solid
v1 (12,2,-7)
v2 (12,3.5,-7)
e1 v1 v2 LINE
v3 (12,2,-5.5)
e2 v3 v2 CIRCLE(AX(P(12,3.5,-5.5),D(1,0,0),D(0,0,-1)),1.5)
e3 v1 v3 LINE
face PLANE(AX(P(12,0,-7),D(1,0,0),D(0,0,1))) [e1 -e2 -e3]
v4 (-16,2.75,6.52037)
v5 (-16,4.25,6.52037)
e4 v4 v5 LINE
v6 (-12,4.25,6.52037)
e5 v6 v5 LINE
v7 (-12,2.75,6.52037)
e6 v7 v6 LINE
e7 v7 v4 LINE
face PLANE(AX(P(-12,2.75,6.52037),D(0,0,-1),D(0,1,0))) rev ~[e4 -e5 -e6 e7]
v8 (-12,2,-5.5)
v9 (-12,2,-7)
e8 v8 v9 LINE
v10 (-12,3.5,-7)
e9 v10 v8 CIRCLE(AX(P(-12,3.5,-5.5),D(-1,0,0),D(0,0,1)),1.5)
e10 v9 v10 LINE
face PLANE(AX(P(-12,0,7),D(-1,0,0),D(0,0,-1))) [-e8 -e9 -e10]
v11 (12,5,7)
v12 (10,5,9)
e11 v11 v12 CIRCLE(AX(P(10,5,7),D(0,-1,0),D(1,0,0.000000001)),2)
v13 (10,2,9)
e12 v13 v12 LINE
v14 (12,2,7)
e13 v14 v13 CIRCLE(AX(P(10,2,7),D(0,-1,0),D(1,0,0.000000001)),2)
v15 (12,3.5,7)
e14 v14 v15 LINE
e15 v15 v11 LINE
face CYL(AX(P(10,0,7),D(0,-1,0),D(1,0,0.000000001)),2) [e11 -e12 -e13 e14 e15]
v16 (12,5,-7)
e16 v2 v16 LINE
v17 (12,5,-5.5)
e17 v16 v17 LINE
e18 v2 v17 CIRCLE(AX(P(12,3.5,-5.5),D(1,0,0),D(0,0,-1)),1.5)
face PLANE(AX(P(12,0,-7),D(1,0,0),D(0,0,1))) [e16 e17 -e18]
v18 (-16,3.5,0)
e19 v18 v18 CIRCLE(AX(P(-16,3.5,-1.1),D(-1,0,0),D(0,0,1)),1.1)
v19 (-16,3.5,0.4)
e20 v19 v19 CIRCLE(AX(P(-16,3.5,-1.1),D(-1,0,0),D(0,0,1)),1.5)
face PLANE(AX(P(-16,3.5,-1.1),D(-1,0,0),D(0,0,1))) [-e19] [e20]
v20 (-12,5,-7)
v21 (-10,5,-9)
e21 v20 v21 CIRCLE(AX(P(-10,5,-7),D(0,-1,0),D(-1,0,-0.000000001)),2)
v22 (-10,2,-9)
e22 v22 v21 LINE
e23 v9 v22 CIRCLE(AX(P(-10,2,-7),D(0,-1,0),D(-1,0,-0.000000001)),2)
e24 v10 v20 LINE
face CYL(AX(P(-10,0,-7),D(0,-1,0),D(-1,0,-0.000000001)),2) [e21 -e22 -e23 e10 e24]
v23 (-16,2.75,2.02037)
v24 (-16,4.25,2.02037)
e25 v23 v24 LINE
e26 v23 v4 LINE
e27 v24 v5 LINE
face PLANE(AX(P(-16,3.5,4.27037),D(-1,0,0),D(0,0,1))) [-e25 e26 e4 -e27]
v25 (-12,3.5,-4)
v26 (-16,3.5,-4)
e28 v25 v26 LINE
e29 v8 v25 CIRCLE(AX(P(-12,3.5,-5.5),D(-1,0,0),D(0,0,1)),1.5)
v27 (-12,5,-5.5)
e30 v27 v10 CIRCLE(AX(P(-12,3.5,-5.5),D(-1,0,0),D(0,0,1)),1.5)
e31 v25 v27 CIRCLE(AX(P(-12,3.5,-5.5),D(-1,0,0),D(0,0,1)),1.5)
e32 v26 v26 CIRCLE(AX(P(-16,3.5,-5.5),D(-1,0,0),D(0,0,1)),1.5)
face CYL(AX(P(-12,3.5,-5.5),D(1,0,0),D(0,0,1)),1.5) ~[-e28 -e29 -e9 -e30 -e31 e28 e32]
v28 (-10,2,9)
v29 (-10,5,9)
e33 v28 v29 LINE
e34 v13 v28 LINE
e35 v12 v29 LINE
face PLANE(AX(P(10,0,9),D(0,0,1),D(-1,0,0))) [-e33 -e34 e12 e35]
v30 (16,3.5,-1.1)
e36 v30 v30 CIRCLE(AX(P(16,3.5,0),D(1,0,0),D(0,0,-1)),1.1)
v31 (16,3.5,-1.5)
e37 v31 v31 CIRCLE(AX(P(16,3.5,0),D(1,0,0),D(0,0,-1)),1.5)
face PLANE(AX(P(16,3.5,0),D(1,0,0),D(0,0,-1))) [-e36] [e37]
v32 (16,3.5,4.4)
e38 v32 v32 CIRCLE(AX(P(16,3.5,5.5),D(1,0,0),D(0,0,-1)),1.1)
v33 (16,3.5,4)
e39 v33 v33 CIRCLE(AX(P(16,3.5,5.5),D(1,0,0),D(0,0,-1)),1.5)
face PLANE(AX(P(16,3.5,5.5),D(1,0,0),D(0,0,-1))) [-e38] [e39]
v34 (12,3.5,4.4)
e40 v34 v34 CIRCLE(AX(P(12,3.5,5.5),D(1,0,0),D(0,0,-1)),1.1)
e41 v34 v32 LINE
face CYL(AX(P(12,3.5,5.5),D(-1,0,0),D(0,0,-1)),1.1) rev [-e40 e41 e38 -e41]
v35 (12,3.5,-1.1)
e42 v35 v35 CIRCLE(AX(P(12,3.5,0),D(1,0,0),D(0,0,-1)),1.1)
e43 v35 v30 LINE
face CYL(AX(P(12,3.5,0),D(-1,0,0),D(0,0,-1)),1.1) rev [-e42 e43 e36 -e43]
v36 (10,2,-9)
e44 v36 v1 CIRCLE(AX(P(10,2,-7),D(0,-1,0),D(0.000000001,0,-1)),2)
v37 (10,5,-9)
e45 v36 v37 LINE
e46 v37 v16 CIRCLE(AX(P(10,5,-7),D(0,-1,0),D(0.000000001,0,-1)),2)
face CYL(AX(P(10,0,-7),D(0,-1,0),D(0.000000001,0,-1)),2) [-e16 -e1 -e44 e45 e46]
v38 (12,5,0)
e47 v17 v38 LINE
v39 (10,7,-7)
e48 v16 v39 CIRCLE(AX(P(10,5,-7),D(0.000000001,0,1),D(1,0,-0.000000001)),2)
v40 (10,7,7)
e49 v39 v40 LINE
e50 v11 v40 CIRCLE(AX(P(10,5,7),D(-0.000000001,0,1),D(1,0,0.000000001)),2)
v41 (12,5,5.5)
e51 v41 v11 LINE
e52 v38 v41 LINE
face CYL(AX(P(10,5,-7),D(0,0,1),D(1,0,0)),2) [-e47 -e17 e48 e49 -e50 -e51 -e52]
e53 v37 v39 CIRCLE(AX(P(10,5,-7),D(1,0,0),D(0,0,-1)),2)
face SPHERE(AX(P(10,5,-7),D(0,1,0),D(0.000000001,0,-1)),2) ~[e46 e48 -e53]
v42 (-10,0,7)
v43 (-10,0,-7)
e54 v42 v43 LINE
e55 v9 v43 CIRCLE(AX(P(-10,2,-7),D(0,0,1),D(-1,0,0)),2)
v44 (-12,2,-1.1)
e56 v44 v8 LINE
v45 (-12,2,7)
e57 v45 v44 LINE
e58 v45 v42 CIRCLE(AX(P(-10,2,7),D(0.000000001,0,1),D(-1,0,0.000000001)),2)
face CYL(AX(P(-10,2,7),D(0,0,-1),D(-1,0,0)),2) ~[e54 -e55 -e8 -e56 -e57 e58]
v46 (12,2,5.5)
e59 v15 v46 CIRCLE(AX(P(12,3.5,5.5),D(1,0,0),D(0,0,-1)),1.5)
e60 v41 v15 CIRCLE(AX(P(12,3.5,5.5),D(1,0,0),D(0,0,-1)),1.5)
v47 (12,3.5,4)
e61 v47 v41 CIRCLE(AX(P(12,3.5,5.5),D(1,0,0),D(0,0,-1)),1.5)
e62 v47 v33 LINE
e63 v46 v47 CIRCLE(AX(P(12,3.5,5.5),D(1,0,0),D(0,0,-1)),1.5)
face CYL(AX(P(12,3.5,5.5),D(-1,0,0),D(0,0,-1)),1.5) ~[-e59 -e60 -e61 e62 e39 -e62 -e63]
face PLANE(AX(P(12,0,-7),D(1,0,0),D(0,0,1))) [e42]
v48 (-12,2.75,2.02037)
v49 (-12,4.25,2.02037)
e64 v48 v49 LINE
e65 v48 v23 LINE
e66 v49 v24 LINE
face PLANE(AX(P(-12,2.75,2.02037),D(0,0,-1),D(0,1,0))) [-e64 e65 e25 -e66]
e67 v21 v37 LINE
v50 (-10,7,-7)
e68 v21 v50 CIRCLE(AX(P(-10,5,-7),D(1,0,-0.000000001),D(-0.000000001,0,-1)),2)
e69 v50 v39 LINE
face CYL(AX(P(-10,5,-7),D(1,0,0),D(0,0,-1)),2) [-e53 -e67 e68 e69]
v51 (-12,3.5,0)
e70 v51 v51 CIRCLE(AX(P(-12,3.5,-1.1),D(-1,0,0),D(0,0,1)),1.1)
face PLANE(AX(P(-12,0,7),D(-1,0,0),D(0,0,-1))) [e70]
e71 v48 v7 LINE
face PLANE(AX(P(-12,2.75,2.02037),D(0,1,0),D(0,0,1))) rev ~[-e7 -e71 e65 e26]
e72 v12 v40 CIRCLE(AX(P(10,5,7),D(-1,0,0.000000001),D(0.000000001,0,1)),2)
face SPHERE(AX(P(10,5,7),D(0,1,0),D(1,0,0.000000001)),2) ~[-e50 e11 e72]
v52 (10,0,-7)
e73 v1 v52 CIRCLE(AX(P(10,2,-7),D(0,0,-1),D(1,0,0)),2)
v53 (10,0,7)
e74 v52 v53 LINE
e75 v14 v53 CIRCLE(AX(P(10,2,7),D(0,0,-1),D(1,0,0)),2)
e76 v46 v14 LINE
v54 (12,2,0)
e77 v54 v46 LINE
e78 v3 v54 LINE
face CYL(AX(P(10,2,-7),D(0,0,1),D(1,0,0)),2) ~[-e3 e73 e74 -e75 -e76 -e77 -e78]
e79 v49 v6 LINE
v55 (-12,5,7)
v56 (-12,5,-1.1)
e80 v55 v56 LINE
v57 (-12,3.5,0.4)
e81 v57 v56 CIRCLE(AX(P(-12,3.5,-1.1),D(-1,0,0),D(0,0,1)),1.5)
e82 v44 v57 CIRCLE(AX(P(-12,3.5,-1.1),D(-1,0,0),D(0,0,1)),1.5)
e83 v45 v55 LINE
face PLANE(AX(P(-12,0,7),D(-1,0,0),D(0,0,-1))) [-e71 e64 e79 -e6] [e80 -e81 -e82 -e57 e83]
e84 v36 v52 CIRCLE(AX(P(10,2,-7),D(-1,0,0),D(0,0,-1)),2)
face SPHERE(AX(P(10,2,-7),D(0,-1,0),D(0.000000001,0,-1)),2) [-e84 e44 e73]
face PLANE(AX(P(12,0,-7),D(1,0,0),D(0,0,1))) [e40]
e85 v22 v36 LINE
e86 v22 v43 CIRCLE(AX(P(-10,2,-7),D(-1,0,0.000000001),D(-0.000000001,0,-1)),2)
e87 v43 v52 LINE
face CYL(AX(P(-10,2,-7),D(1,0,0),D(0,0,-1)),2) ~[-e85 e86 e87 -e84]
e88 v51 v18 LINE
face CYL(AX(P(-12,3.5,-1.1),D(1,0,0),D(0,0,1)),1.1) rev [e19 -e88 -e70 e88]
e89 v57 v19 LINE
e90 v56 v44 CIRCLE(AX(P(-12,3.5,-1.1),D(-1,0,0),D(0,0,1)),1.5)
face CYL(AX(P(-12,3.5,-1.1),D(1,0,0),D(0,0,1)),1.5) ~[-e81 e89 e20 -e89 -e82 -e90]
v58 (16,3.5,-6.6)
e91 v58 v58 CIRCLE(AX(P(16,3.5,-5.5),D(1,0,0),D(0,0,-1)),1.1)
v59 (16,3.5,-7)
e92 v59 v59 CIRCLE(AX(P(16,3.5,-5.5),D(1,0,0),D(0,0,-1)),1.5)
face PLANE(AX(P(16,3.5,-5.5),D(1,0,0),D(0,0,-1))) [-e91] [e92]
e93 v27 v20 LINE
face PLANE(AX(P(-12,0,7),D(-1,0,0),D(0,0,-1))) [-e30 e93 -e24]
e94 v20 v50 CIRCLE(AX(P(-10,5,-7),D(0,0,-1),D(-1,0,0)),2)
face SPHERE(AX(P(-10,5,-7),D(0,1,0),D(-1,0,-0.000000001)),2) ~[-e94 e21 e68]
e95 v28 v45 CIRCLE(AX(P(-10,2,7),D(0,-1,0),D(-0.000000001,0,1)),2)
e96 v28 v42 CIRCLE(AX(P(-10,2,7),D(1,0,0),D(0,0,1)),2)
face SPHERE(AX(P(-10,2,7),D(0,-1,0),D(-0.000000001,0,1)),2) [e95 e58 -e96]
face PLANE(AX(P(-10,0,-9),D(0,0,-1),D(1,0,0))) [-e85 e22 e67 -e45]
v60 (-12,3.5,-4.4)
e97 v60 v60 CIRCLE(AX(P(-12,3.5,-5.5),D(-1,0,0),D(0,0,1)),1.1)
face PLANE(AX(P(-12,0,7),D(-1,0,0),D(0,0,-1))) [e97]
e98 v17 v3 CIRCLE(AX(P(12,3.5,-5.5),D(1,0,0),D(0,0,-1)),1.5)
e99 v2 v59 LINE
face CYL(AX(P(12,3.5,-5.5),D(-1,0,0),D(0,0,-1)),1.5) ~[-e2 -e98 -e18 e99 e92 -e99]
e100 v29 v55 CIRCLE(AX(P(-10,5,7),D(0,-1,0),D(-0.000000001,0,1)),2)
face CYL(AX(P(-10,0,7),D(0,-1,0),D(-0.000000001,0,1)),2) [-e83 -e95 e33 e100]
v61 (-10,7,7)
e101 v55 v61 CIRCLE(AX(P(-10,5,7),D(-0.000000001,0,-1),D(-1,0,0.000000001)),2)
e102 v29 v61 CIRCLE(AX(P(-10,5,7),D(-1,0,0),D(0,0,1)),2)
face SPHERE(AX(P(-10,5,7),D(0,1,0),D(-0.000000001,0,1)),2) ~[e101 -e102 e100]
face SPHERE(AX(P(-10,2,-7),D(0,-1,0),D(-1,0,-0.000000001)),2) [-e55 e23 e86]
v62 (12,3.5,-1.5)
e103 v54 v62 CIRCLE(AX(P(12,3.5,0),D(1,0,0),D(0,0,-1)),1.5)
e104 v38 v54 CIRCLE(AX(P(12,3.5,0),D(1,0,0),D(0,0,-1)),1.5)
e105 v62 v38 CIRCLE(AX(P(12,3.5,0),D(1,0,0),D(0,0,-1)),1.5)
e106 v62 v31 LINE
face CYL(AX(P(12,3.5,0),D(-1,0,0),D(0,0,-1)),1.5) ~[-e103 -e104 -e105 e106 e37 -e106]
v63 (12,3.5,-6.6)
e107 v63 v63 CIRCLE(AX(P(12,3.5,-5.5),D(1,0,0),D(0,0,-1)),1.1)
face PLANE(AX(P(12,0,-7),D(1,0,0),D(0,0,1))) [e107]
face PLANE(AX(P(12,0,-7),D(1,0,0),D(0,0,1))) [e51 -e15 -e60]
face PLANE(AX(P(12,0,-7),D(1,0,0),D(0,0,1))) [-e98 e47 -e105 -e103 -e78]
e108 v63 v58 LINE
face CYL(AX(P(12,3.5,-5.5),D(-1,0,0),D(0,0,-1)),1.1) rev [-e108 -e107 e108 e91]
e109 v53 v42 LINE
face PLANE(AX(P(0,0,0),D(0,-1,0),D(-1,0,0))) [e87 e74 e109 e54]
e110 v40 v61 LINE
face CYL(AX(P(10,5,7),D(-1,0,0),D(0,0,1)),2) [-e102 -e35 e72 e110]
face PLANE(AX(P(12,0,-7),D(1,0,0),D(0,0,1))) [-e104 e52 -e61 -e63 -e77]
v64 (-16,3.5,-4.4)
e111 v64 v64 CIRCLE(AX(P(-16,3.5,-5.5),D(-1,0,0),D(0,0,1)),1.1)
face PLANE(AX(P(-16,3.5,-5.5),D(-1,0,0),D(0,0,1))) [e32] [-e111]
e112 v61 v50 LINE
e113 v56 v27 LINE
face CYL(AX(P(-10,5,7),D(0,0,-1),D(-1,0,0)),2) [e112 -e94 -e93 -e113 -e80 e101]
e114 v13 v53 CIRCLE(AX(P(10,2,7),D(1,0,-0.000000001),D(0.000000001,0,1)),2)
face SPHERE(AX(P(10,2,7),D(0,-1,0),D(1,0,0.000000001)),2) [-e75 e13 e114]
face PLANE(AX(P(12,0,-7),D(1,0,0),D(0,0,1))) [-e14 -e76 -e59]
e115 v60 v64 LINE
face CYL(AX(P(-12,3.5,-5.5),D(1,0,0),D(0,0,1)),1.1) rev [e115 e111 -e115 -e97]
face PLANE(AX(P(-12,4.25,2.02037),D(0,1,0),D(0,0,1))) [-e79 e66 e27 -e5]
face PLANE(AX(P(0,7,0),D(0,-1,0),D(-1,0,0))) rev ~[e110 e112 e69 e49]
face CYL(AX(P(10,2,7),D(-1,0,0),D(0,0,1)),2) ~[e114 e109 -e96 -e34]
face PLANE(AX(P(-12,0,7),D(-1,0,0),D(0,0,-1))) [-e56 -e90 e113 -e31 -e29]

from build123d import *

# Parameters (mm, degrees)
BOSS_EXTRUDE1_DEPTH = 7
FILLET1_R           = 2
SKETCH2_R           = 1.5
SKETCH2_R_2         = 1.1
BOSS_EXTRUDE2_DEPTH = 4
SKETCH3_R           = 1.5
SKETCH3_R_2         = 1.1
SKETCH3_W           = 4.5
SKETCH3_H           = 1.5
BOSS_EXTRUDE3_DEPTH = 4


with BuildPart() as part:
    # Sketch1 → Boss-Extrude1 (new body)
    with BuildSketch(Plane(origin=(0, 0, 0), x_dir=(1, 0, 0), z_dir=(0, 1, 0))):
        with BuildLine():
            Line((-10, 9), (10, 9))
            ThreePointArc((10, 9), (11.414213562, 8.414213562), (12, 7))
            Line((12, 7), (12, -7))
            ThreePointArc((12, -7), (11.414213562, -8.414213562), (10, -9))
            Line((10, -9), (-10, -9))
            ThreePointArc((-10, -9), (-11.414213562, -8.414213562), (-12, -7))
            Line((-12, -7), (-12, 7))
            ThreePointArc((-12, 7), (-11.414213562, 8.414213562), (-10, 9))
        make_face()
    extrude(amount=BOSS_EXTRUDE1_DEPTH)

    # Fillet1
    fillet1_edges = [part.edges().sort_by_distance(p)[0] for p in [
        (12, 0, 0),
        (11.414213562, 0, 8.414213562),
        (0, 0, 9),
        (-11.414213562, 0, 8.414213562),
        (11.414213562, 7, 8.414213562),
        (12, 7, 0),
        (11.414213562, 7, -8.414213562),
        (0, 7, -9),
        (-11.414213562, 7, -8.414213562),
        (-12, 7, 0),
        (-11.414213562, 7, 8.414213562),
        (-12, 0, 0),
        (0, 7, 9),
        (-11.414213562, 0, -8.414213562),
        (0, 0, -9),
        (11.414213562, 0, -8.414213562),
    ]]
    fillet(fillet1_edges, radius=FILLET1_R)

    # Sketch2 → Boss-Extrude2 (add)
    with BuildSketch(Plane(origin=(12, 0, 0), x_dir=(0, 0, -1), z_dir=(1, 0, 0))):
        with Locations((0, 3.5)):
            Circle(SKETCH2_R)
        with Locations((0, 3.5)):
            Circle(SKETCH2_R_2, mode=Mode.SUBTRACT)
        with Locations((-5.5, 3.5)):
            Circle(SKETCH2_R)
        with Locations((-5.5, 3.5)):
            Circle(SKETCH2_R_2, mode=Mode.SUBTRACT)
        with Locations((5.5, 3.5)):
            Circle(SKETCH2_R)
        with Locations((5.5, 3.5)):
            Circle(SKETCH2_R_2, mode=Mode.SUBTRACT)
    extrude(amount=BOSS_EXTRUDE2_DEPTH)

    # Sketch3 → Boss-Extrude3 (add)
    with BuildSketch(Plane.ZY.offset(12)):
        with Locations((-5.5, 3.5)):
            Circle(SKETCH3_R)
        with Locations((-5.5, 3.5)):
            Circle(SKETCH3_R_2, mode=Mode.SUBTRACT)
        with Locations((-1.1, 3.5)):
            Circle(SKETCH3_R)
        with Locations((-1.1, 3.5)):
            Circle(SKETCH3_R_2, mode=Mode.SUBTRACT)
        with Locations((4.270370243, 3.5)):
            Rectangle(SKETCH3_W, SKETCH3_H)
    extrude(amount=BOSS_EXTRUDE3_DEPTH)


solid = part.part
